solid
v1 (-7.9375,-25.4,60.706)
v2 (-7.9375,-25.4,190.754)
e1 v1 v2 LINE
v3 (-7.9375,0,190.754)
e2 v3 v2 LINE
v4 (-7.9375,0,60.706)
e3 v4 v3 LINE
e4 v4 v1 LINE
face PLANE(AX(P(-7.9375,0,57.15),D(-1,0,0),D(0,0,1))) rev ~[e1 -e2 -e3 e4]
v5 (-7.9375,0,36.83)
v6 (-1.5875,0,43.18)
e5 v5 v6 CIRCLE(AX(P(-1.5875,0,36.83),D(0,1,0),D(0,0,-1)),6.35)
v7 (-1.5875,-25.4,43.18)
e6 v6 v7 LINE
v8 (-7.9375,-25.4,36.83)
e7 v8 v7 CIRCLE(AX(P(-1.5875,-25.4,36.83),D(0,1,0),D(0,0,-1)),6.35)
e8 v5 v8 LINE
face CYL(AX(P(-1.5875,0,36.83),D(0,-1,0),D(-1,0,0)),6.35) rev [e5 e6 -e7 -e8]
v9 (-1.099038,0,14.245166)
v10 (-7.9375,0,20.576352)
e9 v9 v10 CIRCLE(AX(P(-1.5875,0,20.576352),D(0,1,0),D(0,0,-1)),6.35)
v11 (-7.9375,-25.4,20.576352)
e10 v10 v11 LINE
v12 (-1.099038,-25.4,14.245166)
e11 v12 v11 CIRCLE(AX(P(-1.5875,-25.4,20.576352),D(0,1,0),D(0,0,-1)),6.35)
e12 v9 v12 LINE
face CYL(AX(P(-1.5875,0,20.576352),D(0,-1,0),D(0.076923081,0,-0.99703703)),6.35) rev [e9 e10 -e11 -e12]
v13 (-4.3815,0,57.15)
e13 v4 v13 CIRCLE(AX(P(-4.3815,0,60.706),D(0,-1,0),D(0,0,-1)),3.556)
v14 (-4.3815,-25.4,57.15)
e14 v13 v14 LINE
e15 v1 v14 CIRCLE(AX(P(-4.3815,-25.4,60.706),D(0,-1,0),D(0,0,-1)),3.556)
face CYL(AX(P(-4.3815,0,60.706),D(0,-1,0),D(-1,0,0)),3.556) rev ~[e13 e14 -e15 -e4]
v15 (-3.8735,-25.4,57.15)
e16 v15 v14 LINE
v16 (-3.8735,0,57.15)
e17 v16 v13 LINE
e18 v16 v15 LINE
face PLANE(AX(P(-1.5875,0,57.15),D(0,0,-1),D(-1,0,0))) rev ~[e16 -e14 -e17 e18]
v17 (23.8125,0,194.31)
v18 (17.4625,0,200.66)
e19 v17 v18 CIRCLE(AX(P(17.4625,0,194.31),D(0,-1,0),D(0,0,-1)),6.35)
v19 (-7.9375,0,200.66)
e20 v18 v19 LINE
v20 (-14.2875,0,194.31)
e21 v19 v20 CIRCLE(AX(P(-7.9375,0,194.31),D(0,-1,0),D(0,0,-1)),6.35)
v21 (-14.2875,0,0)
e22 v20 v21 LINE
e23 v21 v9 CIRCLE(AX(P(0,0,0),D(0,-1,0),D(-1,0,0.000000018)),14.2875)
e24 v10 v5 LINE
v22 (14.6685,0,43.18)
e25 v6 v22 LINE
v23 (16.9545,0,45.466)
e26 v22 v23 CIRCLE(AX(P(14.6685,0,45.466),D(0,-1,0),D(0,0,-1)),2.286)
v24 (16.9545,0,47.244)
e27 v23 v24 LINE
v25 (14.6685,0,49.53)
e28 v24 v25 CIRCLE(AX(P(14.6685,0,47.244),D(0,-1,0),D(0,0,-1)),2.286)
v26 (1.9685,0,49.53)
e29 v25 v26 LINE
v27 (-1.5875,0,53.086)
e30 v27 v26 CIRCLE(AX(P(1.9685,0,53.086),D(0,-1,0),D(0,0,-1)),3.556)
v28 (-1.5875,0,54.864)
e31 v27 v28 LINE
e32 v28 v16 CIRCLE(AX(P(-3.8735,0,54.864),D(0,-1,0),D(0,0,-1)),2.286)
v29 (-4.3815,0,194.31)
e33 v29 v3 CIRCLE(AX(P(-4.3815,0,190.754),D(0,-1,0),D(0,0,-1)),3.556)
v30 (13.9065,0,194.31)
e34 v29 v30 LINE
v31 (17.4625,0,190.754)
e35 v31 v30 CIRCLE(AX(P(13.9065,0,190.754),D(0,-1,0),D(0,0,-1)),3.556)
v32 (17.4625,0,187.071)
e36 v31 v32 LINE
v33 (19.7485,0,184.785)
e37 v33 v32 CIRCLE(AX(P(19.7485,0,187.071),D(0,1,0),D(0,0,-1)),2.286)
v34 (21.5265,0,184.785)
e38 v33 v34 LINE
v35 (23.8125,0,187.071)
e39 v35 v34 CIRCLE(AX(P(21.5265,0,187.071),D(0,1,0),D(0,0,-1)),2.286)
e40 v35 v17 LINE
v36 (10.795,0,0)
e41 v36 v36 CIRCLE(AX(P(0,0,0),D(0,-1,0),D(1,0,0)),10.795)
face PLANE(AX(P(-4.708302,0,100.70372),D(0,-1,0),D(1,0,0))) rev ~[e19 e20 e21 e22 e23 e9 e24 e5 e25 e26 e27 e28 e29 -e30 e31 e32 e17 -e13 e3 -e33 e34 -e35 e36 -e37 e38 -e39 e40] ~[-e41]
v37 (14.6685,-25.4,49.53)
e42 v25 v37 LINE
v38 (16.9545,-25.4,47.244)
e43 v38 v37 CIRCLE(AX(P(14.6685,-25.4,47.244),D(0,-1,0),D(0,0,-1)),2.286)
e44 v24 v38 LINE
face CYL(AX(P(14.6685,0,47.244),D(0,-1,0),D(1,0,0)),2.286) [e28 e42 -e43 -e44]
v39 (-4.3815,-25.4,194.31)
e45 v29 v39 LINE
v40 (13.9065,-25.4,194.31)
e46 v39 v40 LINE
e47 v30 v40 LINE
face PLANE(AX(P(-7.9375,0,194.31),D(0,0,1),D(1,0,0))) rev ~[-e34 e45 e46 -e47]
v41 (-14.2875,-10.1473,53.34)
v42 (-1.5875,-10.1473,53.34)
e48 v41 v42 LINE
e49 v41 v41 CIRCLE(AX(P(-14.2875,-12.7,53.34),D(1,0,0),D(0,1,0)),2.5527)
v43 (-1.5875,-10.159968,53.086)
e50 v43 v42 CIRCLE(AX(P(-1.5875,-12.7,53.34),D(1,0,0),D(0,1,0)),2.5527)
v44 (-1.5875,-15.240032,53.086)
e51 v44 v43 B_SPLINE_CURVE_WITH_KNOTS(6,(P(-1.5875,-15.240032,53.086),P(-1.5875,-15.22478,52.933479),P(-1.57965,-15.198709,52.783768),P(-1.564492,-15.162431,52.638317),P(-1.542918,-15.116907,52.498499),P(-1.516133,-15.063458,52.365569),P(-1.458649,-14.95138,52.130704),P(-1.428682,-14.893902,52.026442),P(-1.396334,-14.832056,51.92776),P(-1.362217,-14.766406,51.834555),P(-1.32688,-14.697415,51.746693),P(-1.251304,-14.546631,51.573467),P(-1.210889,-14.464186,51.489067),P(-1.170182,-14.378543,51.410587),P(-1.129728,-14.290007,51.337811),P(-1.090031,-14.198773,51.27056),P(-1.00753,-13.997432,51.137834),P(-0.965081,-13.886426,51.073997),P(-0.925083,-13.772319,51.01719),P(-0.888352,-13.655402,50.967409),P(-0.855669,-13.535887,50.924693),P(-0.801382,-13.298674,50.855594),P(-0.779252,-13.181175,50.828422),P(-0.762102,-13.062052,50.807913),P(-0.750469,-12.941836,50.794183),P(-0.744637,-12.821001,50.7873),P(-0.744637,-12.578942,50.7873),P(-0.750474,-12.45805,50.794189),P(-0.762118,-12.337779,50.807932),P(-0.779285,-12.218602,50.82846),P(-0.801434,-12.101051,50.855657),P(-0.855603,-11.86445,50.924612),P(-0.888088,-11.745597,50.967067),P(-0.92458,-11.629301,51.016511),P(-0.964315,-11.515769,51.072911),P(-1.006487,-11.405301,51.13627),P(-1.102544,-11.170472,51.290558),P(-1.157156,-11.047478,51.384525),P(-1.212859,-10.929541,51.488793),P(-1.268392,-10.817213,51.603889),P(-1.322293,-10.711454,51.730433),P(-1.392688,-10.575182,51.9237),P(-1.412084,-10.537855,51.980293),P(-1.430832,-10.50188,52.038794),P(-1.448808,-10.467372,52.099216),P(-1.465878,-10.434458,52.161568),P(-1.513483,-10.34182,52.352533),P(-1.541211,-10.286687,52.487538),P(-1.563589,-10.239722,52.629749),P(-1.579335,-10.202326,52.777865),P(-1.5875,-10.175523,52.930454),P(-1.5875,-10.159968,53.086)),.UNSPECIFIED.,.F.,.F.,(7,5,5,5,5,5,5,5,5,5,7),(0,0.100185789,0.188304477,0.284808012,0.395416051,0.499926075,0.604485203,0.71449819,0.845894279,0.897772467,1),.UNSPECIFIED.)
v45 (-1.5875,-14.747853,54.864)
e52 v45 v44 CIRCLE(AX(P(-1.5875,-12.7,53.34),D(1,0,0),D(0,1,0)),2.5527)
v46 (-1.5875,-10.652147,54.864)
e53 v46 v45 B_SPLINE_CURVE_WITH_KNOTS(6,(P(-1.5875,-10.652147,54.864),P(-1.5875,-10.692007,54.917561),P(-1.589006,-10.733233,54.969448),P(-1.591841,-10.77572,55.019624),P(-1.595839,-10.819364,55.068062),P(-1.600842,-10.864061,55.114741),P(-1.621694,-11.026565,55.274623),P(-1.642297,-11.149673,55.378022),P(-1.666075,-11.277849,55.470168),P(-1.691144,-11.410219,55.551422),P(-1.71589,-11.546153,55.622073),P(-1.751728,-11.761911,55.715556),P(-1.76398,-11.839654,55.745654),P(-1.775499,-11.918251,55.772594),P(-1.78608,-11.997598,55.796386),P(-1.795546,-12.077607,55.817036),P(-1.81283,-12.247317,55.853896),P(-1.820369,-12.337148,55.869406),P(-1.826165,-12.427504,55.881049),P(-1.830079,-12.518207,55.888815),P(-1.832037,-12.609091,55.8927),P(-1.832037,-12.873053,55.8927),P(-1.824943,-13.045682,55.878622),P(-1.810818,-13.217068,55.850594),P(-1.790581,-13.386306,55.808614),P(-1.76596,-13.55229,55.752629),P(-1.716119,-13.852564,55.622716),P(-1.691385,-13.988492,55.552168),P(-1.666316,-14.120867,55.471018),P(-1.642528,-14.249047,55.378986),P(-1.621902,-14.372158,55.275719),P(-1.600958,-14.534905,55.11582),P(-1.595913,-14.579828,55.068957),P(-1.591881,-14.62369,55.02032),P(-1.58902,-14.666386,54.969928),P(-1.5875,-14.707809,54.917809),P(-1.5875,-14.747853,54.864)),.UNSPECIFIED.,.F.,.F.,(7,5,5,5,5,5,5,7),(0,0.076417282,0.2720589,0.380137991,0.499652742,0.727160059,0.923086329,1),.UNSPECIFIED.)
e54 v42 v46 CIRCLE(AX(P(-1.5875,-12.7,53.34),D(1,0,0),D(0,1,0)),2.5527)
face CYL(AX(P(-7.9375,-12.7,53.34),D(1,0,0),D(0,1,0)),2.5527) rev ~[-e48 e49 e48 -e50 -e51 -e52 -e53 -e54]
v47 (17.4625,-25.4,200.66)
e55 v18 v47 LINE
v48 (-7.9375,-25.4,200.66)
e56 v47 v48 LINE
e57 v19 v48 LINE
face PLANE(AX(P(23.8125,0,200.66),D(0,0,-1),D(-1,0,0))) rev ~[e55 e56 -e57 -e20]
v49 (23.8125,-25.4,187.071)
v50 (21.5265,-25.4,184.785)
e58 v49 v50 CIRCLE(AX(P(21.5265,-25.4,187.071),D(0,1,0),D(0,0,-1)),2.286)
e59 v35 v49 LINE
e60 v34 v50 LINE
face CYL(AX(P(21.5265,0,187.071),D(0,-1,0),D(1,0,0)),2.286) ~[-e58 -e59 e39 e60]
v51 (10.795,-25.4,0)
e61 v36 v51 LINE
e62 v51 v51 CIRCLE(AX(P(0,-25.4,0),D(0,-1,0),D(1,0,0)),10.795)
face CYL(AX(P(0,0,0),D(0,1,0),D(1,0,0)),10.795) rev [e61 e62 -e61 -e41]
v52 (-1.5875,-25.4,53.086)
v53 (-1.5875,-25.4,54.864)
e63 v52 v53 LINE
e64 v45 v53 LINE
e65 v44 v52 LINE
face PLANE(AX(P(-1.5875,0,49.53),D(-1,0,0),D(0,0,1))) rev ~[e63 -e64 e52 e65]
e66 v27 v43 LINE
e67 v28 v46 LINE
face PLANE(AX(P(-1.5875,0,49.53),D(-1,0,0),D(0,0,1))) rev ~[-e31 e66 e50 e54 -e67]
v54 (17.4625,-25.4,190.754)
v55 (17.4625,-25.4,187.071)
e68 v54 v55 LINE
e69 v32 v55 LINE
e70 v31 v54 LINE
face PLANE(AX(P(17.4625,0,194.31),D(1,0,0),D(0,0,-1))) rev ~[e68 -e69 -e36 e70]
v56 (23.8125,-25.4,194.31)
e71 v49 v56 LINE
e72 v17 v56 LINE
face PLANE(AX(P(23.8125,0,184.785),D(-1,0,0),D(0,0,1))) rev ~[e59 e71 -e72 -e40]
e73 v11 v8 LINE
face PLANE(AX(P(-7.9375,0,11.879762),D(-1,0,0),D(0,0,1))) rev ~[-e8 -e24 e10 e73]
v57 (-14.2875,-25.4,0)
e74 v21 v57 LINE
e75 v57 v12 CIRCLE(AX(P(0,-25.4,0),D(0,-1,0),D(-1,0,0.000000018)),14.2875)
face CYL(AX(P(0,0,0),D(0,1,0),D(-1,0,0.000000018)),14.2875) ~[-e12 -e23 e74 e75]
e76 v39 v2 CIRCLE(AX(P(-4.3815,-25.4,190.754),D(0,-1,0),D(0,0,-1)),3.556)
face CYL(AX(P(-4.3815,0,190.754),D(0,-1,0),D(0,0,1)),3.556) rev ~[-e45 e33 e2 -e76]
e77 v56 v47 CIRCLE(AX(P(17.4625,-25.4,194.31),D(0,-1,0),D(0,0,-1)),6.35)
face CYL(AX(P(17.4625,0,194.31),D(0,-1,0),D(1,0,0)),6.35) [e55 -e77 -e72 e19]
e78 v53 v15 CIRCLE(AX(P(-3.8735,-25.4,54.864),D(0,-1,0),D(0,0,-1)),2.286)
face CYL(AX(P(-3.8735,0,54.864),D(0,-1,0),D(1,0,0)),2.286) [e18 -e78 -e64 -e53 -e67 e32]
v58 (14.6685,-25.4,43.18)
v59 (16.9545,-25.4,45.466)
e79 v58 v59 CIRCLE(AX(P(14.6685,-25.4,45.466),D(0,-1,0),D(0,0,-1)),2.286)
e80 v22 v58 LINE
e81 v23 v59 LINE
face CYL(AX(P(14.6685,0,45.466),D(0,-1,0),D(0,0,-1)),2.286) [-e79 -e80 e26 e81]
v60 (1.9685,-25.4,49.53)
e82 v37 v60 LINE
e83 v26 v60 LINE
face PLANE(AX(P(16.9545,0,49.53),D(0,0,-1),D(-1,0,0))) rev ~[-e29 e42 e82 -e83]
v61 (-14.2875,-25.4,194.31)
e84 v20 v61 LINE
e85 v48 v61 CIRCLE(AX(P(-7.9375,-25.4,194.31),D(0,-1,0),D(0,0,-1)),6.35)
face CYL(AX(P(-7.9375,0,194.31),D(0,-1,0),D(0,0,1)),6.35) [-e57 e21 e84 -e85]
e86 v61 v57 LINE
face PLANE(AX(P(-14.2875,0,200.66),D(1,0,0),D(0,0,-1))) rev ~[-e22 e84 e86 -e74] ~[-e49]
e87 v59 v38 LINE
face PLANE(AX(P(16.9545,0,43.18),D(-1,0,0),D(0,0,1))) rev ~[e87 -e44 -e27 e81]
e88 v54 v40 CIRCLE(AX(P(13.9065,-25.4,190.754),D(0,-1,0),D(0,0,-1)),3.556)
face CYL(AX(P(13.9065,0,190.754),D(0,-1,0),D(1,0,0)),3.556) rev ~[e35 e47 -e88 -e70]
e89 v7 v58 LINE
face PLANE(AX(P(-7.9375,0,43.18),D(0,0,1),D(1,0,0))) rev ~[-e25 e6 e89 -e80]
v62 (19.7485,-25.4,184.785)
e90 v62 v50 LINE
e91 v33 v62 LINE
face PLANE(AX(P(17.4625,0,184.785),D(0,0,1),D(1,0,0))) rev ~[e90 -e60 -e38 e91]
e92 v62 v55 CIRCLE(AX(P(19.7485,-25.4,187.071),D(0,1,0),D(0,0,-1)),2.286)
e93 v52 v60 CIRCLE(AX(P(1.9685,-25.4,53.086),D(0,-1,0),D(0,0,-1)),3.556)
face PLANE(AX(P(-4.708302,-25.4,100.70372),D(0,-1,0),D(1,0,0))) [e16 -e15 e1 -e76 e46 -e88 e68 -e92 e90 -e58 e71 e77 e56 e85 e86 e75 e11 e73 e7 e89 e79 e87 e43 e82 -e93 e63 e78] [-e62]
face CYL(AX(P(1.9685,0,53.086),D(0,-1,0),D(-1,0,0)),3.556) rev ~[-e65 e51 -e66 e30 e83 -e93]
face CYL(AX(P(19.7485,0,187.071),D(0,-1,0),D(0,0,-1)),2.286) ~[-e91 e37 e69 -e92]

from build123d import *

# Parameters (mm, degrees)
F0_R     = 10.795
F1_DEPTH = 25.4
F2_R     = 2.286
F3_R     = 3.556
F4_R     = 6.35
F5_R     = 2.5527
F6_DEPTH = 12.7


with BuildPart() as f1:
    # F0 (on Front) → F1 (new body)
    with BuildSketch(Plane.XZ):
        with BuildLine():
            Line((-14.2875, 200.66), (-14.2875, 0))
            ThreePointArc((-14.2875, 0), (12.600391, -6.735192), (-7.9375, 11.879762))
            Line((-7.9375, 11.879762), (-7.9375, 43.18))
            Line((-7.9375, 43.18), (16.9545, 43.18))
            Line((16.9545, 43.18), (16.9545, 49.53))
            Line((16.9545, 49.53), (-1.5875, 49.53))
            Line((-1.5875, 49.53), (-1.5875, 57.15))
            Line((-1.5875, 57.15), (-7.9375, 57.15))
            Line((-7.9375, 57.15), (-7.9375, 194.31))
            Line((-7.9375, 194.31), (17.4625, 194.31))
            Line((17.4625, 194.31), (17.4625, 184.785))
            Line((17.4625, 184.785), (23.8125, 184.785))
            Line((23.8125, 184.785), (23.8125, 200.66))
            Line((23.8125, 200.66), (-14.2875, 200.66))
        make_face()
        Circle(F0_R, mode=Mode.SUBTRACT)
    extrude(amount=F1_DEPTH)

    # F2
    f2_edges = [f1.edges().sort_by_distance(p)[0] for p in [
        (16.9545, -12.7, 43.18),
        (16.9545, -12.7, 49.53),
        (23.8125, -12.7, 184.785),
        (17.4625, -12.7, 184.785),
        (-1.5875, -12.7, 57.15),
    ]]
    fillet(f2_edges, radius=F2_R)

    # F3
    f3_edges = [f1.edges().sort_by_distance(p)[0] for p in [
        (17.4625, -12.7, 194.31),
        (-7.9375, -12.7, 194.31),
        (-7.9375, -12.7, 57.15),
        (-1.5875, -12.7, 49.53),
    ]]
    fillet(f3_edges, radius=F3_R)

    # F4
    f4_edges = [f1.edges().sort_by_distance(p)[0] for p in [
        (-7.9375, -12.7, 43.18),
        (23.8125, -12.7, 200.66),
        (-14.2875, -12.7, 200.66),
        (-7.9375, -12.7, 11.879762),
    ]]
    fillet(f4_edges, radius=F4_R)

    # F5 (on face) → F6 (cut, symmetric)
    with BuildSketch(Plane.YZ.offset(-7.9375)):
        with Locations((-12.7, 53.34)):
            Circle(F5_R)
    extrude(amount=F6_DEPTH, both=True, mode=Mode.SUBTRACT)


solid = f1.part
